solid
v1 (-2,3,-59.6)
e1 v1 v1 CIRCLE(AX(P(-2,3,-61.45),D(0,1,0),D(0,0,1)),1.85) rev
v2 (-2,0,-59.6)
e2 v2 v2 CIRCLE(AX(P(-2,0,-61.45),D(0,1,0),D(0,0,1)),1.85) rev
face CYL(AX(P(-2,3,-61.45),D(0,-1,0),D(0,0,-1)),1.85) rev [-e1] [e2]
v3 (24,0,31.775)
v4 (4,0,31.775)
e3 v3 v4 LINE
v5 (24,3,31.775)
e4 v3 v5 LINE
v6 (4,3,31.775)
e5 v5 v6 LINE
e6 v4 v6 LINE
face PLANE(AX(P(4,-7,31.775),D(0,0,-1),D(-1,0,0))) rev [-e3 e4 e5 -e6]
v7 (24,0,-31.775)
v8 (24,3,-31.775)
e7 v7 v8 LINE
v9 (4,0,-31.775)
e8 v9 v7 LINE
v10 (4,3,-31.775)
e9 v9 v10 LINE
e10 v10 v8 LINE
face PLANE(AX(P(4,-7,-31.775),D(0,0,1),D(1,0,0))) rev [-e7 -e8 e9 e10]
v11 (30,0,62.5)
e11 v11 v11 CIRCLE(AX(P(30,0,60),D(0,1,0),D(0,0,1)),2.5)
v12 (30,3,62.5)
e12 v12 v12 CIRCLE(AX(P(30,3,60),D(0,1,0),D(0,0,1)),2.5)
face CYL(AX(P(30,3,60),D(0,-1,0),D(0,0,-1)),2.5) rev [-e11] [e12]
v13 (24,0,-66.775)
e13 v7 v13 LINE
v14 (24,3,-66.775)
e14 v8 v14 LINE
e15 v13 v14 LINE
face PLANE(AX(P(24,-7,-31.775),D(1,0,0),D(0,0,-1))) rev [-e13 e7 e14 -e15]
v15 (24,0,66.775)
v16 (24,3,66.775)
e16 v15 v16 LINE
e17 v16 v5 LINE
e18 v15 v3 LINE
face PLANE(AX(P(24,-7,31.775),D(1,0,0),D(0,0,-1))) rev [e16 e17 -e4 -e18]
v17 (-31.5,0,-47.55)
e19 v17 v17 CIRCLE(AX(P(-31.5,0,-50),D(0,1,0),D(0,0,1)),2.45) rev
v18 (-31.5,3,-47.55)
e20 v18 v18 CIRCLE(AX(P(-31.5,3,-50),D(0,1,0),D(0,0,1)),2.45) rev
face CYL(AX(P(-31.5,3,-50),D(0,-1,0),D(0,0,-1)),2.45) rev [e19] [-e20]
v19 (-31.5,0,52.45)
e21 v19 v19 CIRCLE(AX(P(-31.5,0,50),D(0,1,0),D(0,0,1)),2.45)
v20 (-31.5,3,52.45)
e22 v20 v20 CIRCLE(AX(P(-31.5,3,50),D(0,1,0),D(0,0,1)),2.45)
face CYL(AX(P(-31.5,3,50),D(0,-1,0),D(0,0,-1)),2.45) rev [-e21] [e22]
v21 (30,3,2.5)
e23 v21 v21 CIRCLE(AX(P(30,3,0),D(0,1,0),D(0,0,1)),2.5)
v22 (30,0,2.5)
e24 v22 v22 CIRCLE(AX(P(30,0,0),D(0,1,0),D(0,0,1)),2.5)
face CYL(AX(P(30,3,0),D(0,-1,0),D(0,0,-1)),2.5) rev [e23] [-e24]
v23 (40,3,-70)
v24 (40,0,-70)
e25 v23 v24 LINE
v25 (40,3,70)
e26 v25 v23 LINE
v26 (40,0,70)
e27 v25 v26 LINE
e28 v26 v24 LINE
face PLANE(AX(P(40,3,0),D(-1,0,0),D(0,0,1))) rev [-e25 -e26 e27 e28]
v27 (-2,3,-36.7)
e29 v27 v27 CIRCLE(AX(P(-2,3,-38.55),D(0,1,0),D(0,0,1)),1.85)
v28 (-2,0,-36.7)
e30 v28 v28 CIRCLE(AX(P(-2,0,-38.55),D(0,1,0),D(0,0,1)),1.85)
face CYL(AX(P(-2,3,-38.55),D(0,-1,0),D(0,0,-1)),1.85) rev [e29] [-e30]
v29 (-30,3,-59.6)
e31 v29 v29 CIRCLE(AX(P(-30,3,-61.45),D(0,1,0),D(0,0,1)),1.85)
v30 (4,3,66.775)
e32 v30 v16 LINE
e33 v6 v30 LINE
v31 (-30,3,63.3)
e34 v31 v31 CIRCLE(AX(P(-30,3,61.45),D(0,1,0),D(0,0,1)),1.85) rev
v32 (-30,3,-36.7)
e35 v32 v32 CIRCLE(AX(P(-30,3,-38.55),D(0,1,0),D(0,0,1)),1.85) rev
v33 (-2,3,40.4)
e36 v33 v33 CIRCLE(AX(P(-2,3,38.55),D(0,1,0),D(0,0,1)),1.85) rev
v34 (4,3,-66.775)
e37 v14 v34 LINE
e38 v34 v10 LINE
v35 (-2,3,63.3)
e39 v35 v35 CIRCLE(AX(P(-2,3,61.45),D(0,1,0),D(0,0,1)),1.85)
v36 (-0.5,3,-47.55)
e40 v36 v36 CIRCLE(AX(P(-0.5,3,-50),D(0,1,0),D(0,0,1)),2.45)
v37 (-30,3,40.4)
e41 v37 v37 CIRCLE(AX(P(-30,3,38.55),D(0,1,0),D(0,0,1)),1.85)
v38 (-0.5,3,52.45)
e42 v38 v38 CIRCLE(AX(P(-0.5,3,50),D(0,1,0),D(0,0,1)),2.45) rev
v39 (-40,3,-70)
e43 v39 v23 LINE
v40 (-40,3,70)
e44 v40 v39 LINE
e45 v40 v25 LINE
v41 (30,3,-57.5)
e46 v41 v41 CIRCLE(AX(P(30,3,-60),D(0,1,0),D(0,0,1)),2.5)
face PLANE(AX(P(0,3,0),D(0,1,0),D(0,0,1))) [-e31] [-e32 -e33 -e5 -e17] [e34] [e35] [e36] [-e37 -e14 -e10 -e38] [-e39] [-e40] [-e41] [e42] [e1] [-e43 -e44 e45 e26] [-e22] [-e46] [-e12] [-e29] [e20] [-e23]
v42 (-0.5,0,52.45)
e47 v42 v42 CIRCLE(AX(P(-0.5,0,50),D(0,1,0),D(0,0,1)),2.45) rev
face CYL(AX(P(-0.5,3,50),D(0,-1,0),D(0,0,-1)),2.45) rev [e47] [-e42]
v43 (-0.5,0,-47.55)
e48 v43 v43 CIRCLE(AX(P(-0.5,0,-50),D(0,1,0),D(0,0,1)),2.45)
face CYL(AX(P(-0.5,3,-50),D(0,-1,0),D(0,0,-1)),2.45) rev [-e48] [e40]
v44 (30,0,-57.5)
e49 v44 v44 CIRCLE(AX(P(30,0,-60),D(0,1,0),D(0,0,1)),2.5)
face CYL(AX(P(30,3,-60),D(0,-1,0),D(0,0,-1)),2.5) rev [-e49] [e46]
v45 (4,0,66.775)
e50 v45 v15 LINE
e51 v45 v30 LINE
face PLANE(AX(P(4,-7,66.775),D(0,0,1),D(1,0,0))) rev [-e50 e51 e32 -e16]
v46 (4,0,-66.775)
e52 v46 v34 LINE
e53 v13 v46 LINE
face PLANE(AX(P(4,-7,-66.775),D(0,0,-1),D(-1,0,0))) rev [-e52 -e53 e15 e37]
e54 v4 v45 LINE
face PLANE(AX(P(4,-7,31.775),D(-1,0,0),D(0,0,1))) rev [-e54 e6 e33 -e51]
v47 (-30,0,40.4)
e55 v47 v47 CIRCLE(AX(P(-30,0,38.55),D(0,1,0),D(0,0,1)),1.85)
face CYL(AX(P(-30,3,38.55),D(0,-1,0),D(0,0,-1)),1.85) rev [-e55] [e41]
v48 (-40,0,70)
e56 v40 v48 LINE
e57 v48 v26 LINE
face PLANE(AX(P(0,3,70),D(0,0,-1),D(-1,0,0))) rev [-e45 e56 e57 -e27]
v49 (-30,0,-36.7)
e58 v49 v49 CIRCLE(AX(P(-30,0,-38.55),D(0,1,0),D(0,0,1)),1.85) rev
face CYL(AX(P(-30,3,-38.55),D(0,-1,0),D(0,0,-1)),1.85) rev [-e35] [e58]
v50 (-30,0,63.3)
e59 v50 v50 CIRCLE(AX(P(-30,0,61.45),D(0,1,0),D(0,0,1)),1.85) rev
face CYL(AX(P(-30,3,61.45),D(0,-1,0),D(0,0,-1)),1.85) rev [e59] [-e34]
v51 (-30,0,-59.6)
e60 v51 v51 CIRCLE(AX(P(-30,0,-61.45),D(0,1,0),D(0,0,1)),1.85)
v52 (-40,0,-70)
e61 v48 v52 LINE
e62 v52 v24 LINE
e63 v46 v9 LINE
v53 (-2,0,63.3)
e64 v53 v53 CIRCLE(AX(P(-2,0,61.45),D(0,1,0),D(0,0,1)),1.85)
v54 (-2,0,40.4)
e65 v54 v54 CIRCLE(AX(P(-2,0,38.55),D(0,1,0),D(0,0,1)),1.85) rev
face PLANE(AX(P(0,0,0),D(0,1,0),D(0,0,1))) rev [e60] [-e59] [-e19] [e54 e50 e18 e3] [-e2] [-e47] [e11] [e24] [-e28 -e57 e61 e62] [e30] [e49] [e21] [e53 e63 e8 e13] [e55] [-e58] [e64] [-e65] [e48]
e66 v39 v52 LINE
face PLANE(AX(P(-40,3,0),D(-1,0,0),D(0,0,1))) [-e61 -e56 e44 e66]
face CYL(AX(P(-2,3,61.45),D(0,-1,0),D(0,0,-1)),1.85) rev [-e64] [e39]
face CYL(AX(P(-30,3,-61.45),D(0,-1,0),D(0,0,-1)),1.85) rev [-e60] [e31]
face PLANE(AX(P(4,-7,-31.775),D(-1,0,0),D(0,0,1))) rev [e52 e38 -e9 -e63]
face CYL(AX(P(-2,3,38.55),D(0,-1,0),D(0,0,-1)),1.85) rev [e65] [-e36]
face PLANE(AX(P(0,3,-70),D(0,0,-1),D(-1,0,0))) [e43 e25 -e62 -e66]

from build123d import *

# Parameters (mm, degrees)
SKETCH_1_R          = 2.5
SKETCH_1_R_2        = 2.45
SKETCH_1_R_3        = 1.85
SKETCH_1_W          = 48
SKETCH_1_H          = 40
EXTRUDE_1_DEPTH     = 3
SKETCH_2_W          = 20
SKETCH_2_H          = 35
CUT_EXTRUDE_1_DEPTH = 10


with BuildPart() as part:
    # 草图1 → 凸台-拉伸1 (new body)
    # profile 1 of 5: a face of its own
    with BuildSketch(Plane(origin=(0, 0, 0), x_dir=(1, 0, 0), z_dir=(0, 1, 0))):
        with BuildLine():
            Line((8, -30), (8, -70))
            Line((8, -70), (40, -70))
            Line((40, -70), (40, 60))
            Line((40, 60), (32.5, 60))
            ThreePointArc((32.5, 60), (28.232233047, 58.232233047), (30, 62.5))
            Line((30, 62.5), (30, 70))
            Line((30, 70), (8, 70))
            Line((8, 70), (8, 30))
            Line((8, 30), (-40, 30))
            Line((-40, 30), (-40, -30))
            Line((-40, -30), (8, -30))
        make_face()
        with Locations(Location((30, -60, 0), (0, 0, 270))):
            Circle(SKETCH_1_R, mode=Mode.SUBTRACT)
        with Locations(Location((30, 0, 0), (0, 0, 270))):
            Circle(SKETCH_1_R, mode=Mode.SUBTRACT)
    # profile 2 of 5: a face of its own
    with BuildSketch(Plane(origin=(0, 0, 0), x_dir=(1, 0, 0), z_dir=(0, 1, 0))):
        with BuildLine():
            Line((32.5, 60), (40, 60))
            Line((40, 60), (40, 70))
            Line((40, 70), (30, 70))
            Line((30, 70), (30, 62.5))
            ThreePointArc((30, 62.5), (31.767766953, 61.767766953), (32.5, 60))
        make_face()
    # profile 3 of 5: a face of its own
    with BuildSketch(Plane(origin=(0, 0, 0), x_dir=(1, 0, 0), z_dir=(0, 1, 0))):
        with BuildLine():
            Line((-40, 61.45), (-40, 30))
            Line((-40, 30), (8, 30))
            Line((8, 30), (8, 70))
            Line((8, 70), (-30, 70))
            Line((-30, 70), (-30, 63.3))
            ThreePointArc((-30, 63.3), (-28.691852455, 62.758147545), (-28.15, 61.45))
            ThreePointArc((-28.15, 61.45), (-30, 59.6), (-31.85, 61.45))
            Line((-31.85, 61.45), (-40, 61.45))
        make_face()
        with Locations(Location((-31.5, 50, 0), (0, 0, 270))):
            Circle(SKETCH_1_R_2, mode=Mode.SUBTRACT)
        with Locations(Location((-30, 38.55, 0), (0, 0, 270))):
            Circle(SKETCH_1_R_3, mode=Mode.SUBTRACT)
        with Locations(Location((-2, 38.55, 0), (0, 0, 270))):
            Circle(SKETCH_1_R_3, mode=Mode.SUBTRACT)
        with Locations(Location((-0.5, 50, 0), (0, 0, 270))):
            Circle(SKETCH_1_R_2, mode=Mode.SUBTRACT)
        with Locations(Location((-2, 61.45, 0), (0, 0, 270))):
            Circle(SKETCH_1_R_3, mode=Mode.SUBTRACT)
    # profile 4 of 5: a face of its own
    with BuildSketch(Plane(origin=(0, 0, 0), x_dir=(1, 0, 0), z_dir=(0, 1, 0))):
        with BuildLine():
            Line((-40, 70), (-40, 61.45))
            Line((-40, 61.45), (-31.85, 61.45))
            ThreePointArc((-31.85, 61.45), (-31.308147545, 62.758147545), (-30, 63.3))
            Line((-30, 63.3), (-30, 70))
            Line((-30, 70), (-40, 70))
        make_face()
    # profile 5 of 5: a face of its own
    with BuildSketch(Plane(origin=(0, 0, 0), x_dir=(1, 0, 0), z_dir=(0, 1, 0))):
        with Locations((-16, -50)):
            Rectangle(SKETCH_1_W, SKETCH_1_H)
        with Locations(Location((-30, -61.45, 0), (0, 0, 270))):
            Circle(SKETCH_1_R_3, mode=Mode.SUBTRACT)
        with Locations(Location((-31.5, -50, 0), (0, 0, 270))):
            Circle(SKETCH_1_R_2, mode=Mode.SUBTRACT)
        with Locations(Location((-30, -38.55, 0), (0, 0, 270))):
            Circle(SKETCH_1_R_3, mode=Mode.SUBTRACT)
        with Locations(Location((-2, -61.45, 0), (0, 0, 270))):
            Circle(SKETCH_1_R_3, mode=Mode.SUBTRACT)
        with Locations(Location((-0.5, -50, 0), (0, 0, 270))):
            Circle(SKETCH_1_R_2, mode=Mode.SUBTRACT)
        with Locations(Location((-2, -38.55, 0), (0, 0, 270))):
            Circle(SKETCH_1_R_3, mode=Mode.SUBTRACT)
    extrude(amount=EXTRUDE_1_DEPTH)

    # 草图2 → 切除-拉伸1 (cut)
    with BuildSketch(Plane(origin=(0, 3, 0), x_dir=(1, 0, 0), z_dir=(0, 1, 0))):
        with Locations((14, 49.275)):
            Rectangle(SKETCH_2_W, SKETCH_2_H)
        with Locations((14, -49.275)):
            Rectangle(SKETCH_2_W, SKETCH_2_H)
    extrude(amount=-CUT_EXTRUDE_1_DEPTH, mode=Mode.SUBTRACT)


solid = part.part
